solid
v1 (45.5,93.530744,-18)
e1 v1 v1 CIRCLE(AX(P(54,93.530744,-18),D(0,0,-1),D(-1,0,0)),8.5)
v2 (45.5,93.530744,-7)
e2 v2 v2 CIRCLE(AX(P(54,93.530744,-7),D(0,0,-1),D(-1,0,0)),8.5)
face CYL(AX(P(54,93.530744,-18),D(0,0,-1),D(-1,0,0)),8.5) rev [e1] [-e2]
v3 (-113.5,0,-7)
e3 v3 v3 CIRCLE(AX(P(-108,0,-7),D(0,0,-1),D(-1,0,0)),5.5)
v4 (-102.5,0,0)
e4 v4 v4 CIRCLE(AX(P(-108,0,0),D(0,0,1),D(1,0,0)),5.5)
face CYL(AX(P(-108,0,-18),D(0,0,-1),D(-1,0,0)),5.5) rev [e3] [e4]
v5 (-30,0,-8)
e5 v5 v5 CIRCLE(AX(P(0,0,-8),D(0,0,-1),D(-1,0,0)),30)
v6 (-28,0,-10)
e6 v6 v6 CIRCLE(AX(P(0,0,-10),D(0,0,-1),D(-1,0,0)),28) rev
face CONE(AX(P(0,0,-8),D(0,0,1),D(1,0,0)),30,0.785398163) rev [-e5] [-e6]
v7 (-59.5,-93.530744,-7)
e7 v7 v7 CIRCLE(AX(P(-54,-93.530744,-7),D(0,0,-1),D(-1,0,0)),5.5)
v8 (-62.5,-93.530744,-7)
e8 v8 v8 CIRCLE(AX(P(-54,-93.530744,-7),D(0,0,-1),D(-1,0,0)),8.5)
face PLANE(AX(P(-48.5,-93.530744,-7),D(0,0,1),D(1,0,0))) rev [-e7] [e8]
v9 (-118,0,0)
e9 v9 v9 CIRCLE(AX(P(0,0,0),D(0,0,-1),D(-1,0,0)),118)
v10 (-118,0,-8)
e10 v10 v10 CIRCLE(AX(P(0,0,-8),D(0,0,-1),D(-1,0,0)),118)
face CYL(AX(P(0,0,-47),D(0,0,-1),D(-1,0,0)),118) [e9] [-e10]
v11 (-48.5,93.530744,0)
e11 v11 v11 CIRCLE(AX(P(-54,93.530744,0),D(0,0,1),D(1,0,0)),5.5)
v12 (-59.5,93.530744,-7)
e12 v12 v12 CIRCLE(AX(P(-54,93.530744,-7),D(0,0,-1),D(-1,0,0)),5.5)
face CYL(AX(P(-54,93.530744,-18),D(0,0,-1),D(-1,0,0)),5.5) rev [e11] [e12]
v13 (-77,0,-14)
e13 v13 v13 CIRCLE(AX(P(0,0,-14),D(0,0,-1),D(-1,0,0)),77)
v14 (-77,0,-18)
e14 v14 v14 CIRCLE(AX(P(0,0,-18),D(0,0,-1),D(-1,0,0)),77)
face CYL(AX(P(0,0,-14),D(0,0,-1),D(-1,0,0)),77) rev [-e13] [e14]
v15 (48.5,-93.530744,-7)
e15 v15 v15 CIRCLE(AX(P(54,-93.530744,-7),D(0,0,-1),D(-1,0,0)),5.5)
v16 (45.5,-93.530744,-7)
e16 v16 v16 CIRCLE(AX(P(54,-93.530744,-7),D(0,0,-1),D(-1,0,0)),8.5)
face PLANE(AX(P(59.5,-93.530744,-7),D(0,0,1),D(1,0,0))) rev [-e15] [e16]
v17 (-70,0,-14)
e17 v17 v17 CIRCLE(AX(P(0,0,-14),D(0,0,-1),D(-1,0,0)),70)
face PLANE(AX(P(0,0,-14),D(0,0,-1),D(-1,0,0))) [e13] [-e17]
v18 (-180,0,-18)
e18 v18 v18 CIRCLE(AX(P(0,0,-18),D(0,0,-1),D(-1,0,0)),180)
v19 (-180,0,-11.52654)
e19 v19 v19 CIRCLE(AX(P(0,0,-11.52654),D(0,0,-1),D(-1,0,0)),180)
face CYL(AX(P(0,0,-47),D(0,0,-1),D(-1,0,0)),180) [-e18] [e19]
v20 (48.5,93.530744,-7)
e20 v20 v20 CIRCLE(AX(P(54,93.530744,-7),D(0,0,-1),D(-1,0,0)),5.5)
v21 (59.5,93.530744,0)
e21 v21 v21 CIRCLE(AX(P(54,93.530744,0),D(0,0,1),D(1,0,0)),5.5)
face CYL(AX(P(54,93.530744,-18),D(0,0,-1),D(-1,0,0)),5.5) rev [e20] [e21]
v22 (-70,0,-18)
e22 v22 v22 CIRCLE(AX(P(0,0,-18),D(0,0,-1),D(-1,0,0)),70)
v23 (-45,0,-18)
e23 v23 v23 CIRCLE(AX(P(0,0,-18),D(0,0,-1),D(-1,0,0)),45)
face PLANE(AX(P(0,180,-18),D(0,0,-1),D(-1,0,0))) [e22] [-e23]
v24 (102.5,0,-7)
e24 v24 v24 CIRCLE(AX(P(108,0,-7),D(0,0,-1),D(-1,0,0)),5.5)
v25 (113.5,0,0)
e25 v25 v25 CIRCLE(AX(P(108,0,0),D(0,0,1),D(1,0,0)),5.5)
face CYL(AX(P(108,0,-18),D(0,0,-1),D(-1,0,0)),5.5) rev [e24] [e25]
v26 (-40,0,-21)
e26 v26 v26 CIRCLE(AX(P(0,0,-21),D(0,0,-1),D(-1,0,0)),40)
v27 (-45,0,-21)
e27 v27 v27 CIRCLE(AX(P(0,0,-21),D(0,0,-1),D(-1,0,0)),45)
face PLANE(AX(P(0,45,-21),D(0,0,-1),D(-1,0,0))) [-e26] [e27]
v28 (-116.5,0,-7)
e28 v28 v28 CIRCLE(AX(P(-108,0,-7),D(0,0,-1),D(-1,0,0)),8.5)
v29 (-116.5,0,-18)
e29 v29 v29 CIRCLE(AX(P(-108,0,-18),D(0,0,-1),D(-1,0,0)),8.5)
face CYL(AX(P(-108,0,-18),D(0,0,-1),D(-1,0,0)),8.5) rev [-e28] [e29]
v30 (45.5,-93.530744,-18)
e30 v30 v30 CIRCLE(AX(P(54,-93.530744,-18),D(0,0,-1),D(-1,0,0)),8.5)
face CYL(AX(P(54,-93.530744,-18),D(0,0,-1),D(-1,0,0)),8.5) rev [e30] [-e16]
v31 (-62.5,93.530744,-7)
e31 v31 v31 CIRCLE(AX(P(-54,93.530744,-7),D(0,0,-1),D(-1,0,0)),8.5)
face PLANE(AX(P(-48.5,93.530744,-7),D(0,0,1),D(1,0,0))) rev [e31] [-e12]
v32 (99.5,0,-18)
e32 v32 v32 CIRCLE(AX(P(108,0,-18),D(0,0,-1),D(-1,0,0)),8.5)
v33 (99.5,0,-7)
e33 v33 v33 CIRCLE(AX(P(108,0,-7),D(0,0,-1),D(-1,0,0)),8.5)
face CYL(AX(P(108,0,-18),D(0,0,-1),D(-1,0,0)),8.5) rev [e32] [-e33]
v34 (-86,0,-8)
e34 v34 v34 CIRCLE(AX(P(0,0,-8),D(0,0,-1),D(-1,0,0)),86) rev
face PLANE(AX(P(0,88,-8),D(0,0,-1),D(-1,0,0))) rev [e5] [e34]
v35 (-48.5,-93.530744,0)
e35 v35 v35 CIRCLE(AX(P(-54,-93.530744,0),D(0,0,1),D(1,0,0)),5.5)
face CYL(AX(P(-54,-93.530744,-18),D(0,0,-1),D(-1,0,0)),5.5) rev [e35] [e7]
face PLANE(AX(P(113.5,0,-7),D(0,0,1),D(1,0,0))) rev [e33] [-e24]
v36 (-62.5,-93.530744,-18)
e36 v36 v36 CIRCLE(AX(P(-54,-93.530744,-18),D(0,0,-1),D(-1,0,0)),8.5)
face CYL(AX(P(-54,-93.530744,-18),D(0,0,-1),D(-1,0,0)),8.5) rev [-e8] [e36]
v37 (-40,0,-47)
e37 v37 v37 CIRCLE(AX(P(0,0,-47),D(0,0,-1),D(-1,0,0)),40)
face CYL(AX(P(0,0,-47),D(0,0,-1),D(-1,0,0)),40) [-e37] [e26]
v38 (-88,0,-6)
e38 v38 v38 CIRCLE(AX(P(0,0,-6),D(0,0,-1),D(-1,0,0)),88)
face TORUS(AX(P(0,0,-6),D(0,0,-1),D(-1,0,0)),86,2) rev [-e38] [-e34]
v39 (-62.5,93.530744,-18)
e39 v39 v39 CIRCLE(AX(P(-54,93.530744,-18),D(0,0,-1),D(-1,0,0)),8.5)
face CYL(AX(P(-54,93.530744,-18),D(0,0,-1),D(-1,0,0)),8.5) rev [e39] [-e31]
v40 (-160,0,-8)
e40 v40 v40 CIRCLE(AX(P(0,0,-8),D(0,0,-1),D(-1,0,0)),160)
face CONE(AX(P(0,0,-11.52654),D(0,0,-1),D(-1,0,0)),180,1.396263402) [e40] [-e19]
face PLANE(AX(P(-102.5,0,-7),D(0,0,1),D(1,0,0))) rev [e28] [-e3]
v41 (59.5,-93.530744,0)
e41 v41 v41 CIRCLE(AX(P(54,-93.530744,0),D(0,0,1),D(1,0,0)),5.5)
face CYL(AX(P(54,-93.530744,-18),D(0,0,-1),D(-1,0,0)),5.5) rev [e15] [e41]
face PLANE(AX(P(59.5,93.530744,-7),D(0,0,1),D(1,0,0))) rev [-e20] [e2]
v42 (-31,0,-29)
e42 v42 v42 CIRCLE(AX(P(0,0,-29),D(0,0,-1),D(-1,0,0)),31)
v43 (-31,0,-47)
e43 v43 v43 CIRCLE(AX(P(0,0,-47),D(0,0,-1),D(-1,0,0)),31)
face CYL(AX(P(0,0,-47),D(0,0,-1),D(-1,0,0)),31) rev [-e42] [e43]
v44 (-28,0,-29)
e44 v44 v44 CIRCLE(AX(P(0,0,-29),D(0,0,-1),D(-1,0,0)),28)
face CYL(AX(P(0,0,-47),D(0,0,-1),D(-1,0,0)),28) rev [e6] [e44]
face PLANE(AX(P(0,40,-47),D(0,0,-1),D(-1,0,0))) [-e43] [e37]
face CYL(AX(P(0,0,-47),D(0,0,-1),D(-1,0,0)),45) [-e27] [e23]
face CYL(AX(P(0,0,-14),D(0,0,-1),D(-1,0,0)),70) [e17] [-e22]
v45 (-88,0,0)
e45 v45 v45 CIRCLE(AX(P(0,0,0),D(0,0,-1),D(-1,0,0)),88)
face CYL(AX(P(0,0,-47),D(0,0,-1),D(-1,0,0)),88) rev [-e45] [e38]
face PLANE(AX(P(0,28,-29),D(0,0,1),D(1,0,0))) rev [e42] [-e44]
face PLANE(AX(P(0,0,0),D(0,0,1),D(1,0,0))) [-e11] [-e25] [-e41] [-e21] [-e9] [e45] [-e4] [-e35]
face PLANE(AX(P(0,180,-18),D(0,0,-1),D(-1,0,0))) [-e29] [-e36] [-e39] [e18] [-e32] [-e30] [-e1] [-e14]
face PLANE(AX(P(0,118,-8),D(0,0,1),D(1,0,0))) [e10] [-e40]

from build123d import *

# Parameters (mm, degrees)
SKETCH_3_R                = 77
SKETCH_3_R_2              = 70
CUT_EXTRUDE_1_DEPTH       = 4
HOLE_WIZARD_1_D           = 11
HOLE_WIZARD_1_CBORE_D     = 17
HOLE_WIZARD_1_CBORE_DEPTH = 11
FILLET_1_R                = 2
CHAMFER_1_SIZE            = 2


with BuildPart() as part:
    # 草图1 → 旋转1 (revolve)
    with BuildSketch(Plane(origin=(0, 0, 0), x_dir=(0, 0, -1), z_dir=(1, 0, 0)), mode=Mode.PRIVATE) as revolve_1_sk:
        Polygon((0, 0), (0, 118), (8, 118), (8, 160), (11.526539614, 180), (18, 180), (18, 45), (21, 45), (21, 40), (47, 40), (47, 0), align=None)
    revolve(revolve_1_sk.sketch.rotate(Axis((0, 0, -47), (0, 0, 1)), 90), axis=Axis((0, 0, -47), (0, 0, 1)))

    # 草图2 → 切除-旋转1 (revolve, cut)
    with BuildSketch(Plane(origin=(0, 0, 0), x_dir=(0, 0, -1), z_dir=(1, 0, 0)), mode=Mode.PRIVATE) as cut_revolve_1_sk:
        Polygon((0, 0), (0, 88), (8, 88), (8, 28), (29, 28), (29, 31), (47, 31), (47, 0), align=None)
    revolve(cut_revolve_1_sk.sketch.rotate(Axis((0, 0, -47), (0, 0, 1)), 90), axis=Axis((0, 0, -47), (0, 0, 1)), mode=Mode.SUBTRACT)

    # 草图3 → 切除-拉伸1 (cut)
    with BuildSketch(Plane(origin=(0, 0, -18), x_dir=(-1, 0, 0), z_dir=(0, 0, -1))):
        Circle(SKETCH_3_R)
        Circle(SKETCH_3_R_2, mode=Mode.SUBTRACT)
    extrude(amount=-CUT_EXTRUDE_1_DEPTH, mode=Mode.SUBTRACT)

    # 孔1 (through all)
    with Locations(Plane(origin=(0, 0, -18), x_dir=(-1, 0, 0), z_dir=(0, 0, -1))):
        with Locations((54, 93.530743609), (108, 0), (54, -93.530743609), (-54, -93.530743609), (-108, 0), (-54, 93.530743609)):
            CounterBoreHole(HOLE_WIZARD_1_D / 2, HOLE_WIZARD_1_CBORE_D / 2, HOLE_WIZARD_1_CBORE_DEPTH)

    # 圆角1
    fillet_1_edges = [part.edges().sort_by_distance(p)[0] for p in [
        (88, 0, -8),
    ]]
    fillet(fillet_1_edges, radius=FILLET_1_R)

    # 倒角1
    chamfer_1_edges = [part.edges().sort_by_distance(p)[0] for p in [
        (28, 0, -8),
    ]]
    chamfer(chamfer_1_edges, length=CHAMFER_1_SIZE)


solid = part.part
